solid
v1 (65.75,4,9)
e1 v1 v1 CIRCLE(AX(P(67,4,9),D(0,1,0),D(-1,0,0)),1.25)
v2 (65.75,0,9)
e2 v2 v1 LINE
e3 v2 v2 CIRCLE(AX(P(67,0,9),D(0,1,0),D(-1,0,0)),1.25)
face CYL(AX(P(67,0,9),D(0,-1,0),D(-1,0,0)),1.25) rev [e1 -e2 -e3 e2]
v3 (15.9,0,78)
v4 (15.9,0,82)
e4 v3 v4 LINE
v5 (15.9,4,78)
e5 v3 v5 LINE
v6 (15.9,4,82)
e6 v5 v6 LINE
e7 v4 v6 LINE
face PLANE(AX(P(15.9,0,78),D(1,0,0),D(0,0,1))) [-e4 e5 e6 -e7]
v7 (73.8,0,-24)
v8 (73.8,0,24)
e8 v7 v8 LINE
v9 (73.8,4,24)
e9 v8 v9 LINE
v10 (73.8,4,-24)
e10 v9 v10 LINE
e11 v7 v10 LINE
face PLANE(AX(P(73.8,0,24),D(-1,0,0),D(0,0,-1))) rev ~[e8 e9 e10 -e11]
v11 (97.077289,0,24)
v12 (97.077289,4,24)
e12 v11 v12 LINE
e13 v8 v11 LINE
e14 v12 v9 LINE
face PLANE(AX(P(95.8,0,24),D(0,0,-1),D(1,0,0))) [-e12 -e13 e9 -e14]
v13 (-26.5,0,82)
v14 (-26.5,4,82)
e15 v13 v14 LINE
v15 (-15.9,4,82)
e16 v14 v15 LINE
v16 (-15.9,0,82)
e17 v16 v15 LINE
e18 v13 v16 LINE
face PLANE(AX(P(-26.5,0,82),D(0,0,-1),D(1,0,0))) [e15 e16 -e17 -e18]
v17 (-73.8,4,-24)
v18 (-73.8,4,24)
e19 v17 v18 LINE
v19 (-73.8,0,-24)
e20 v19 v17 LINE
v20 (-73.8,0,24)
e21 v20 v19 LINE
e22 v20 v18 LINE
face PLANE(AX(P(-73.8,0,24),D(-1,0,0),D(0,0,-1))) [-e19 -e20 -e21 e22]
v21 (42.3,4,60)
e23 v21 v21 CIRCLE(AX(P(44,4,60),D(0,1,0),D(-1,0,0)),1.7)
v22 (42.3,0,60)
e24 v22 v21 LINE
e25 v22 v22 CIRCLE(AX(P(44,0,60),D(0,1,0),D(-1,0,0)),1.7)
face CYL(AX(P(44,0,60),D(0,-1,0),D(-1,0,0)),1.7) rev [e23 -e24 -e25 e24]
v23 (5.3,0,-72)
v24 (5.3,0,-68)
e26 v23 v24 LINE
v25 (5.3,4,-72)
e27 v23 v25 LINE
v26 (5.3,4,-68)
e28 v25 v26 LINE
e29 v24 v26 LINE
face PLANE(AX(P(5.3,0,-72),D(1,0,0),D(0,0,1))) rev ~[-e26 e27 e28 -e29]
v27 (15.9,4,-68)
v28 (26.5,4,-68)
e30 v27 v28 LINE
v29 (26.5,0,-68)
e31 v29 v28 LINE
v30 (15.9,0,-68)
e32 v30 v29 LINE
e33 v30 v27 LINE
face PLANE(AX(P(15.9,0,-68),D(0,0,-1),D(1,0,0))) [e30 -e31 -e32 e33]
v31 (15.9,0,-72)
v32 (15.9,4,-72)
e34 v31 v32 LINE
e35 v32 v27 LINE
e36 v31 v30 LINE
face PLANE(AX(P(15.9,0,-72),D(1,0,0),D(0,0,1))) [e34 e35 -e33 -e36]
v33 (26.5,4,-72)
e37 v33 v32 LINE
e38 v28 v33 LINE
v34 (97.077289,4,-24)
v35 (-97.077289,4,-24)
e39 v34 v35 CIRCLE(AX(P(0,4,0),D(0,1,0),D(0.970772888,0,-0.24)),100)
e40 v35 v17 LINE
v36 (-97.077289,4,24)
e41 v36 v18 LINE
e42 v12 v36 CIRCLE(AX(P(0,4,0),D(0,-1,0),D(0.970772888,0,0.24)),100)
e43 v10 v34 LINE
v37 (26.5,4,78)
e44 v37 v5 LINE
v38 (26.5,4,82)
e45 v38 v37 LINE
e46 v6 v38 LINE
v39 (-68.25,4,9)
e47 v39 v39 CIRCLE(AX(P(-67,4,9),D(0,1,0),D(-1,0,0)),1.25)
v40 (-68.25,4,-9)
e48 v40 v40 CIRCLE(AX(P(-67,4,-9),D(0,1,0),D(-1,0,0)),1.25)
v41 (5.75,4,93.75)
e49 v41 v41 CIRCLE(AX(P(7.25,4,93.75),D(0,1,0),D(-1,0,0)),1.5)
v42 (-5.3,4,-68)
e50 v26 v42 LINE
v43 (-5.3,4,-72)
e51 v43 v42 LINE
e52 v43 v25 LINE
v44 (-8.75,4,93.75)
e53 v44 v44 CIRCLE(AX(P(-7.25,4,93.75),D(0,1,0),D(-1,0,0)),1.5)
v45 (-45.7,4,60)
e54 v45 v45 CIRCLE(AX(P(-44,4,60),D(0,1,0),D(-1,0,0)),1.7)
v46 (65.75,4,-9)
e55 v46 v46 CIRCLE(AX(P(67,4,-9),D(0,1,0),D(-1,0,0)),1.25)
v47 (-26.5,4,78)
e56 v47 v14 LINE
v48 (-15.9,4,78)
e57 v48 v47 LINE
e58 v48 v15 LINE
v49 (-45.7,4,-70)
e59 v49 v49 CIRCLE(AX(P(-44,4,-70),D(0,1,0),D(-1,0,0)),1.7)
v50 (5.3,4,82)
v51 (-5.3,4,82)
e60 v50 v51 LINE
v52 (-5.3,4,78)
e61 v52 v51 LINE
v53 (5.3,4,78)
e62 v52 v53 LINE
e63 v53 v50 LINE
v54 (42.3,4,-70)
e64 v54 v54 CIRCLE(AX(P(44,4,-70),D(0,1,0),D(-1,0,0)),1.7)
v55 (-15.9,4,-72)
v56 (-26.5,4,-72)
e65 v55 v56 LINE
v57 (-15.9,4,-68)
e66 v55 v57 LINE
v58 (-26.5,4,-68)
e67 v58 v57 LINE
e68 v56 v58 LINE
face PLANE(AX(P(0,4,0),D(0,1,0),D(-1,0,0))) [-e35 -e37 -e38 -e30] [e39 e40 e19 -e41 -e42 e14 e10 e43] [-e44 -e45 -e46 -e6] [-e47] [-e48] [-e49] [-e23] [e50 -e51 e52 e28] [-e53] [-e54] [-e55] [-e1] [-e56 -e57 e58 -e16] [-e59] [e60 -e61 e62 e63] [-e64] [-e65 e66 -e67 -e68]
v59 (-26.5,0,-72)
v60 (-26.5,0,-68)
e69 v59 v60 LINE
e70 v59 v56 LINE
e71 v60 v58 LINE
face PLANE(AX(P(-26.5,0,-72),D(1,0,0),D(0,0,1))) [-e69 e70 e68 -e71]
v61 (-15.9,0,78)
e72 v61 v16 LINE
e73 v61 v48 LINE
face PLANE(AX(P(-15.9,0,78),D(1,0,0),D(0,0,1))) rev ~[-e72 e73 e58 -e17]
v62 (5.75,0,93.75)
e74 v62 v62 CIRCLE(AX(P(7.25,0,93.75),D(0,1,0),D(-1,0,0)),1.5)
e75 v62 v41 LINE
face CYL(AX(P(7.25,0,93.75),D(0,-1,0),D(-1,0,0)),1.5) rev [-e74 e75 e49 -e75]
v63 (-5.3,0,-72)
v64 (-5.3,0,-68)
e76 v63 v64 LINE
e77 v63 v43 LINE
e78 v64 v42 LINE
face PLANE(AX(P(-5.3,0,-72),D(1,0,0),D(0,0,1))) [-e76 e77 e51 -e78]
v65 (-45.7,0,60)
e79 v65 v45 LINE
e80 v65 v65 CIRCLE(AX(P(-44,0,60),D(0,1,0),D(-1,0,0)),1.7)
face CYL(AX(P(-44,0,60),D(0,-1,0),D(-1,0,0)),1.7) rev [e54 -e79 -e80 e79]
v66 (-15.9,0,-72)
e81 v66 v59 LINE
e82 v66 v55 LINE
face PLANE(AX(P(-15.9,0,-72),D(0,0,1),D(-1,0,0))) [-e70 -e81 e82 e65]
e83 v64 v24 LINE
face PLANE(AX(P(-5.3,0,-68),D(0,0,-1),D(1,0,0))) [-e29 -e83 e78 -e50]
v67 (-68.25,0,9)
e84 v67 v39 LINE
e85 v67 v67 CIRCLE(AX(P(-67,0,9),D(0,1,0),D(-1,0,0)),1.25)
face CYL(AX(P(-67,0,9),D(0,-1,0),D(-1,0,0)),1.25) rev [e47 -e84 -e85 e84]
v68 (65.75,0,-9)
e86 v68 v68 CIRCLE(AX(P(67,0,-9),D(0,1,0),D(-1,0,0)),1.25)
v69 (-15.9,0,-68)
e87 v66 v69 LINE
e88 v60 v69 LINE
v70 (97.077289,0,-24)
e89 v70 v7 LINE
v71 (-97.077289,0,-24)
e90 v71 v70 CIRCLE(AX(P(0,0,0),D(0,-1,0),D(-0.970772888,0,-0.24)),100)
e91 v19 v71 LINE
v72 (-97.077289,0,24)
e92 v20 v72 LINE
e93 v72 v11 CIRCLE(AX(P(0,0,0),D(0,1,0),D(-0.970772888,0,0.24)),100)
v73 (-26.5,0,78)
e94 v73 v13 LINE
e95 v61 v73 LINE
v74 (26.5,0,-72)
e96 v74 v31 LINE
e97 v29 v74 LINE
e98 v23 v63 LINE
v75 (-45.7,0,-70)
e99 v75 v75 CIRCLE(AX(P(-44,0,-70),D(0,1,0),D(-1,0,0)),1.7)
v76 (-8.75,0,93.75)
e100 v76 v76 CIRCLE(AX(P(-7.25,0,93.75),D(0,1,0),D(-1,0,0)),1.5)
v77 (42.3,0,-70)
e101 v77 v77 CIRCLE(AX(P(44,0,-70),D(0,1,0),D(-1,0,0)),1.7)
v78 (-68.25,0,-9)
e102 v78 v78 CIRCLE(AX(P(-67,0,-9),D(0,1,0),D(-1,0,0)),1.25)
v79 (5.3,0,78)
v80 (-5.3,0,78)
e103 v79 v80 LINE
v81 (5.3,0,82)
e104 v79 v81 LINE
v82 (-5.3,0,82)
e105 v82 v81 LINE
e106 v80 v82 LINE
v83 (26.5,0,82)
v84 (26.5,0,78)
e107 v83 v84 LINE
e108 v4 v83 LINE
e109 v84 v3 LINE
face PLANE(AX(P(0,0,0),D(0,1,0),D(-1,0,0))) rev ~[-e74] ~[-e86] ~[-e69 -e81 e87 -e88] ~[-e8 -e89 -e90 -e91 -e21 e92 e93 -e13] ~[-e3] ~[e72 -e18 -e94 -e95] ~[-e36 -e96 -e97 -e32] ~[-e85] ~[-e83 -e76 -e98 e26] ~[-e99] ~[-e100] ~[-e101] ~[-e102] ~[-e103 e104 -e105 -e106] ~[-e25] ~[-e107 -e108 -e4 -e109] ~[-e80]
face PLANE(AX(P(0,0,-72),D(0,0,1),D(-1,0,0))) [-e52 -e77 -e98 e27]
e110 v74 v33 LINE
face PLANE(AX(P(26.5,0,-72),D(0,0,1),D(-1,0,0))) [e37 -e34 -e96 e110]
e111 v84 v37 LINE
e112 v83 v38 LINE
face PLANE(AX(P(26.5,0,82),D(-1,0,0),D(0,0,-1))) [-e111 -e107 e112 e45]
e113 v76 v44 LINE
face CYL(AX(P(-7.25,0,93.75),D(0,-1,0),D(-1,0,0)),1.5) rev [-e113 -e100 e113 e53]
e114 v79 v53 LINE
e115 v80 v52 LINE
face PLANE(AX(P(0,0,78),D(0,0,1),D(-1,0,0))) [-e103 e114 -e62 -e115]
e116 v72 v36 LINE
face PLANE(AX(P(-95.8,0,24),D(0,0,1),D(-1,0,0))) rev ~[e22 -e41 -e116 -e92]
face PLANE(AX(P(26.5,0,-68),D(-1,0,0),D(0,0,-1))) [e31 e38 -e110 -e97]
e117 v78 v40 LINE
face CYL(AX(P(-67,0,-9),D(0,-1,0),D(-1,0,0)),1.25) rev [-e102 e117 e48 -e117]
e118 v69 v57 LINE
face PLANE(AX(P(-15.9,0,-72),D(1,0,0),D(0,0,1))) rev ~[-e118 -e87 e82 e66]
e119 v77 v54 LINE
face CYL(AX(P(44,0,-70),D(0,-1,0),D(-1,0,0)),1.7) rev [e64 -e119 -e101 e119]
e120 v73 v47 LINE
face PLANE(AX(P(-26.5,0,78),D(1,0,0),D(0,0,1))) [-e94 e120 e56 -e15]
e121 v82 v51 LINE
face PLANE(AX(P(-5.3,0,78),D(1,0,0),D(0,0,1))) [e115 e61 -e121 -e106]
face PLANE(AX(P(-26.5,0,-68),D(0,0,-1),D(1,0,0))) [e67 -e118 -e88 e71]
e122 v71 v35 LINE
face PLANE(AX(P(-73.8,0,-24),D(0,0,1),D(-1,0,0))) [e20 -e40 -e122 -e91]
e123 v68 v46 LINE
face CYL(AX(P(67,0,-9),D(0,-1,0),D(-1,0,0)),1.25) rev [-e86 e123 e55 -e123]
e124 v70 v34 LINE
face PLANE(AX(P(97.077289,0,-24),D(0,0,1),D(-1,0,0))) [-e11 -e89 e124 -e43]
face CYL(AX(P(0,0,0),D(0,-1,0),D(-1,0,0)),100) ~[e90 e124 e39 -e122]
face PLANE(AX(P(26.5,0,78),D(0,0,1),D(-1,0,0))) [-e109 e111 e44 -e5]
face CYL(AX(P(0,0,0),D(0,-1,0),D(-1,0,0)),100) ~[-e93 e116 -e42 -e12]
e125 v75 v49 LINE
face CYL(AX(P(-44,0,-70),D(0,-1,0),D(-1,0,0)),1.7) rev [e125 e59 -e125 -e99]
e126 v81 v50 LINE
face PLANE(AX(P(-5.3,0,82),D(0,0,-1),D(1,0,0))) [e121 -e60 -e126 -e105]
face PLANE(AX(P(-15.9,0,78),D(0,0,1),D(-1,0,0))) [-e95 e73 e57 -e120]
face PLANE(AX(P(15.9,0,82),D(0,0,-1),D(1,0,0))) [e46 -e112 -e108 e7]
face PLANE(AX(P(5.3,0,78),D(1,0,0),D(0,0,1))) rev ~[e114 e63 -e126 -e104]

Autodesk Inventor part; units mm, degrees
ref_plane "YZ Plane" through (0, 0, 0) normal (1, 0, 0) x (0, 1, 0)
ref_plane "XZ Plane" through (0, 0, 0) normal (0, 1, 0) x (-1, 0, 0)
ref_plane "XY Plane" through (0, 0, 0) normal (0, 0, 1) x (1, 0, 0)
sketch "Sketch1" plane through (0, 0, 0) normal (0, 1, 0) x (-1, 0, 0)
  circle A0 centre (0, 0) radius 100
  line L0 (0, -140) -> (0, 140) projected
  line L1 (-146.2506, 0) -> (146.2506, 0) projected
  circle A1 centre (7.25, 93.75) radius 1.5
  circle A2 centre (-7.25, 93.75) radius 1.5
  circle A3 centre (-44, 60) radius 1.7
  circle A4 centre (-44, -70) radius 1.7
  circle A5 centre (44, 60) radius 1.7
  circle A6 centre (44, -70) radius 1.7
  circle A7 centre (-67, 9) radius 1.25
  circle A8 centre (-67, -9) radius 1.25
  circle A9 centre (67, 9) radius 1.25
  circle A10 centre (67, -9) radius 1.25
  line L2 (-95.8, 24) -> (-73.8, 24)
  line L3 (-73.8, 24) -> (-73.8, -24)
  line L4 (-73.8, -24) -> (-95.8, -24)
  line L5 (-95.8, -24) -> (-95.8, 24)
  line L6 (-95.8, 24) -> (-104.4647, 24)
  line L7 (-104.4647, 24) -> (-104.4647, -24)
  line L8 (-104.4647, -24) -> (-95.8, -24)
  line L9 (-95.8, -24) -> (-95.8, 24)
  line L10 (95.8, 24) -> (73.8, 24)
  line L11 (73.8, 24) -> (73.8, -24)
  line L12 (73.8, -24) -> (95.8, -24)
  line L13 (95.8, -24) -> (95.8, 24)
  line L14 (95.8, 24) -> (104.4647, 24)
  line L15 (104.4647, 24) -> (104.4647, -24)
  line L16 (104.4647, -24) -> (95.8, -24)
  line L17 (95.8, -24) -> (95.8, 24)
  line L18 (-26.5, 78) -> (26.5, 78)
  line L19 (26.5, 78) -> (26.5, 82)
  line L20 (26.5, 82) -> (-26.5, 82)
  line L21 (-26.5, 82) -> (-26.5, 78)
  line L22 (-26.5, 78) -> (-15.9, 78)
  line L23 (-15.9, 78) -> (-15.9, 82)
  line L24 (-15.9, 82) -> (-26.5, 82)
  line L25 (-26.5, 82) -> (-26.5, 78)
  line L26 (-5.3, 78) -> (-5.3, 82)
  line L27 (5.3, 78) -> (5.3, 82)
  line L28 (15.9, 78) -> (15.9, 82)
  line L29 (-26.5, -72) -> (26.5, -72)
  line L30 (26.5, -68) -> (-26.5, -68)
  line L31 (15.9, -72) -> (15.9, -68)
  line L32 (26.5, -72) -> (26.5, -68)
  line L33 (5.3, -72) -> (5.3, -68)
  line L34 (-5.3, -72) -> (-5.3, -68)
  line L35 (-15.9, -72) -> (-15.9, -68)
  line L36 (-26.5, -68) -> (-26.5, -72)
  point P0 (97.0773, 24)
  point P1 (-97.0773, 24)
  point P2 (-97.0773, -24)
  point P3 (97.0773, -24)
  dimension "diam" = 200
  dimension "d3" = 7.25
  dimension "d4" = 7.25
  dimension "d5" = 93.75
  dimension "d6" = 93.75
  dimension "d7" = 3
  dimension "d8" = 3
  dimension "d9" = 60
  dimension "d10" = 3.4
  dimension "d13" = 130
  dimension "d16" = 88
  dimension "d19" = 44
  dimension "d20" = 67
  dimension "d21" = 9
  dimension "d22" = 2.5
  dimension "d25" = 18
  dimension "d28" = 134
  dimension "d31" = 95.8
  dimension "d32" = 24
  dimension "d33" = 22
  dimension "d34" = 48
  dimension "d35" = 78
  dimension "d36" = 26.5
  dimension "d37" = 53
  dimension "d38" = 4
  dimension "d39" = 10.6
  dimension "d40" = 4
  dimension "d43" = 10.6
  dimension "d50" = 150
  dimension "d55" = 0
extrude "Extrusion1" add sketch "Sketch1" along normal blind 4 contours L14 L10 L11 L1 L0 L18 L19 L20 A0 | A0 L0 L29 L32 L30 L1 L11 L12 L16 | L0 L20 L21 L18 L1 L3 L2 L6 A0 | A0 L8 L4 L3 L1 L0 L30 L36 L29 | L20 L28 L18 L27 | L26 L18 L23 L20 | L29 L35 L30 L34 | L33 L30 L31 L29
sketch "Sketch2" plane through (0, 4, 0) normal (0, 1, 0) x (1, 0, 0)
  line L0 (-97.0773, 24) -> (-73.8, 24) projected
  line L1 (-73.8, 24) -> (-73.8, -24) projected
  line L2 (-73.8, -24) -> (-97.0773, -24) projected
  arc A0 (-97.0773, -24) -> (97.0773, -24) centre (0, 0) ccw projected
  line L3 (97.0773, -24) -> (73.8, -24) projected
  line L4 (73.8, -24) -> (73.8, 24) projected
  line L5 (73.8, 24) -> (97.0773, 24) projected
  arc A1 (97.0773, 24) -> (-97.0773, 24) centre (0, 0) ccw projected
  line L6 (15.9, -78) -> (26.5, -78) projected
  line L7 (26.5, -78) -> (26.5, -82) projected
  line L8 (26.5, -82) -> (15.9, -82) projected
  line L9 (15.9, -82) -> (15.9, -78) projected
  line L10 (5.3, 68) -> (-5.3, 68) projected
  line L11 (-5.3, 68) -> (-5.3, 72) projected
  line L12 (-5.3, 72) -> (5.3, 72) projected
  line L13 (5.3, 72) -> (5.3, 68) projected
  line L14 (15.9, 68) -> (15.9, 72) projected
  line L15 (15.9, 72) -> (26.5, 72) projected
  line L16 (26.5, 72) -> (26.5, 68) projected
  line L17 (26.5, 68) -> (15.9, 68) projected
  circle A2 centre (67, 9) radius 1.25 projected
  circle A3 centre (44, 70) radius 1.7 projected
  circle A4 centre (-44, 70) radius 1.7 projected
  circle A5 centre (-67, 9) radius 1.25 projected
  line L18 (-15.9, 72) -> (-15.9, 68) projected
  line L19 (-15.9, 68) -> (-26.5, 68) projected
  line L20 (-26.5, 68) -> (-26.5, 72) projected
  line L21 (-26.5, 72) -> (-15.9, 72) projected
  line L22 (5.3, -78) -> (5.3, -82) projected
  line L23 (5.3, -82) -> (-5.3, -82) projected
  line L24 (-5.3, -82) -> (-5.3, -78) projected
  line L25 (-5.3, -78) -> (5.3, -78) projected
  circle A6 centre (67, -9) radius 1.25 projected
  circle A7 centre (44, -60) radius 1.7 projected
  circle A8 centre (7.25, -93.75) radius 1.5 projected
  line L26 (-15.9, -78) -> (-15.9, -82) projected
  line L27 (-15.9, -82) -> (-26.5, -82) projected
  line L28 (-26.5, -82) -> (-26.5, -78) projected
  line L29 (-26.5, -78) -> (-15.9, -78) projected
  circle A9 centre (-67, -9) radius 1.25 projected
  circle A10 centre (-44, -60) radius 1.7 projected
  circle A11 centre (-7.25, -93.75) radius 1.5 projected
equation "\"d3\" = 0.5 * caster_dist_holes"
equation "\"d4\" = d3"
equation "\"d6\" = d5"
equation "\"d19\" = 0.5 * d16"
equation "\"d25\" = 2 * d21"
equation "\"d28\" = 2 * d20"
equation "\"d34\" = 2 * d32"
equation "\"d39\" = 0.2 * d37"
equation "\"d43\" = d39"
equation "\"caster_dist_holes\" = 14.5"
properties part number "base" material "MDF Medium Density Fiberboard"
